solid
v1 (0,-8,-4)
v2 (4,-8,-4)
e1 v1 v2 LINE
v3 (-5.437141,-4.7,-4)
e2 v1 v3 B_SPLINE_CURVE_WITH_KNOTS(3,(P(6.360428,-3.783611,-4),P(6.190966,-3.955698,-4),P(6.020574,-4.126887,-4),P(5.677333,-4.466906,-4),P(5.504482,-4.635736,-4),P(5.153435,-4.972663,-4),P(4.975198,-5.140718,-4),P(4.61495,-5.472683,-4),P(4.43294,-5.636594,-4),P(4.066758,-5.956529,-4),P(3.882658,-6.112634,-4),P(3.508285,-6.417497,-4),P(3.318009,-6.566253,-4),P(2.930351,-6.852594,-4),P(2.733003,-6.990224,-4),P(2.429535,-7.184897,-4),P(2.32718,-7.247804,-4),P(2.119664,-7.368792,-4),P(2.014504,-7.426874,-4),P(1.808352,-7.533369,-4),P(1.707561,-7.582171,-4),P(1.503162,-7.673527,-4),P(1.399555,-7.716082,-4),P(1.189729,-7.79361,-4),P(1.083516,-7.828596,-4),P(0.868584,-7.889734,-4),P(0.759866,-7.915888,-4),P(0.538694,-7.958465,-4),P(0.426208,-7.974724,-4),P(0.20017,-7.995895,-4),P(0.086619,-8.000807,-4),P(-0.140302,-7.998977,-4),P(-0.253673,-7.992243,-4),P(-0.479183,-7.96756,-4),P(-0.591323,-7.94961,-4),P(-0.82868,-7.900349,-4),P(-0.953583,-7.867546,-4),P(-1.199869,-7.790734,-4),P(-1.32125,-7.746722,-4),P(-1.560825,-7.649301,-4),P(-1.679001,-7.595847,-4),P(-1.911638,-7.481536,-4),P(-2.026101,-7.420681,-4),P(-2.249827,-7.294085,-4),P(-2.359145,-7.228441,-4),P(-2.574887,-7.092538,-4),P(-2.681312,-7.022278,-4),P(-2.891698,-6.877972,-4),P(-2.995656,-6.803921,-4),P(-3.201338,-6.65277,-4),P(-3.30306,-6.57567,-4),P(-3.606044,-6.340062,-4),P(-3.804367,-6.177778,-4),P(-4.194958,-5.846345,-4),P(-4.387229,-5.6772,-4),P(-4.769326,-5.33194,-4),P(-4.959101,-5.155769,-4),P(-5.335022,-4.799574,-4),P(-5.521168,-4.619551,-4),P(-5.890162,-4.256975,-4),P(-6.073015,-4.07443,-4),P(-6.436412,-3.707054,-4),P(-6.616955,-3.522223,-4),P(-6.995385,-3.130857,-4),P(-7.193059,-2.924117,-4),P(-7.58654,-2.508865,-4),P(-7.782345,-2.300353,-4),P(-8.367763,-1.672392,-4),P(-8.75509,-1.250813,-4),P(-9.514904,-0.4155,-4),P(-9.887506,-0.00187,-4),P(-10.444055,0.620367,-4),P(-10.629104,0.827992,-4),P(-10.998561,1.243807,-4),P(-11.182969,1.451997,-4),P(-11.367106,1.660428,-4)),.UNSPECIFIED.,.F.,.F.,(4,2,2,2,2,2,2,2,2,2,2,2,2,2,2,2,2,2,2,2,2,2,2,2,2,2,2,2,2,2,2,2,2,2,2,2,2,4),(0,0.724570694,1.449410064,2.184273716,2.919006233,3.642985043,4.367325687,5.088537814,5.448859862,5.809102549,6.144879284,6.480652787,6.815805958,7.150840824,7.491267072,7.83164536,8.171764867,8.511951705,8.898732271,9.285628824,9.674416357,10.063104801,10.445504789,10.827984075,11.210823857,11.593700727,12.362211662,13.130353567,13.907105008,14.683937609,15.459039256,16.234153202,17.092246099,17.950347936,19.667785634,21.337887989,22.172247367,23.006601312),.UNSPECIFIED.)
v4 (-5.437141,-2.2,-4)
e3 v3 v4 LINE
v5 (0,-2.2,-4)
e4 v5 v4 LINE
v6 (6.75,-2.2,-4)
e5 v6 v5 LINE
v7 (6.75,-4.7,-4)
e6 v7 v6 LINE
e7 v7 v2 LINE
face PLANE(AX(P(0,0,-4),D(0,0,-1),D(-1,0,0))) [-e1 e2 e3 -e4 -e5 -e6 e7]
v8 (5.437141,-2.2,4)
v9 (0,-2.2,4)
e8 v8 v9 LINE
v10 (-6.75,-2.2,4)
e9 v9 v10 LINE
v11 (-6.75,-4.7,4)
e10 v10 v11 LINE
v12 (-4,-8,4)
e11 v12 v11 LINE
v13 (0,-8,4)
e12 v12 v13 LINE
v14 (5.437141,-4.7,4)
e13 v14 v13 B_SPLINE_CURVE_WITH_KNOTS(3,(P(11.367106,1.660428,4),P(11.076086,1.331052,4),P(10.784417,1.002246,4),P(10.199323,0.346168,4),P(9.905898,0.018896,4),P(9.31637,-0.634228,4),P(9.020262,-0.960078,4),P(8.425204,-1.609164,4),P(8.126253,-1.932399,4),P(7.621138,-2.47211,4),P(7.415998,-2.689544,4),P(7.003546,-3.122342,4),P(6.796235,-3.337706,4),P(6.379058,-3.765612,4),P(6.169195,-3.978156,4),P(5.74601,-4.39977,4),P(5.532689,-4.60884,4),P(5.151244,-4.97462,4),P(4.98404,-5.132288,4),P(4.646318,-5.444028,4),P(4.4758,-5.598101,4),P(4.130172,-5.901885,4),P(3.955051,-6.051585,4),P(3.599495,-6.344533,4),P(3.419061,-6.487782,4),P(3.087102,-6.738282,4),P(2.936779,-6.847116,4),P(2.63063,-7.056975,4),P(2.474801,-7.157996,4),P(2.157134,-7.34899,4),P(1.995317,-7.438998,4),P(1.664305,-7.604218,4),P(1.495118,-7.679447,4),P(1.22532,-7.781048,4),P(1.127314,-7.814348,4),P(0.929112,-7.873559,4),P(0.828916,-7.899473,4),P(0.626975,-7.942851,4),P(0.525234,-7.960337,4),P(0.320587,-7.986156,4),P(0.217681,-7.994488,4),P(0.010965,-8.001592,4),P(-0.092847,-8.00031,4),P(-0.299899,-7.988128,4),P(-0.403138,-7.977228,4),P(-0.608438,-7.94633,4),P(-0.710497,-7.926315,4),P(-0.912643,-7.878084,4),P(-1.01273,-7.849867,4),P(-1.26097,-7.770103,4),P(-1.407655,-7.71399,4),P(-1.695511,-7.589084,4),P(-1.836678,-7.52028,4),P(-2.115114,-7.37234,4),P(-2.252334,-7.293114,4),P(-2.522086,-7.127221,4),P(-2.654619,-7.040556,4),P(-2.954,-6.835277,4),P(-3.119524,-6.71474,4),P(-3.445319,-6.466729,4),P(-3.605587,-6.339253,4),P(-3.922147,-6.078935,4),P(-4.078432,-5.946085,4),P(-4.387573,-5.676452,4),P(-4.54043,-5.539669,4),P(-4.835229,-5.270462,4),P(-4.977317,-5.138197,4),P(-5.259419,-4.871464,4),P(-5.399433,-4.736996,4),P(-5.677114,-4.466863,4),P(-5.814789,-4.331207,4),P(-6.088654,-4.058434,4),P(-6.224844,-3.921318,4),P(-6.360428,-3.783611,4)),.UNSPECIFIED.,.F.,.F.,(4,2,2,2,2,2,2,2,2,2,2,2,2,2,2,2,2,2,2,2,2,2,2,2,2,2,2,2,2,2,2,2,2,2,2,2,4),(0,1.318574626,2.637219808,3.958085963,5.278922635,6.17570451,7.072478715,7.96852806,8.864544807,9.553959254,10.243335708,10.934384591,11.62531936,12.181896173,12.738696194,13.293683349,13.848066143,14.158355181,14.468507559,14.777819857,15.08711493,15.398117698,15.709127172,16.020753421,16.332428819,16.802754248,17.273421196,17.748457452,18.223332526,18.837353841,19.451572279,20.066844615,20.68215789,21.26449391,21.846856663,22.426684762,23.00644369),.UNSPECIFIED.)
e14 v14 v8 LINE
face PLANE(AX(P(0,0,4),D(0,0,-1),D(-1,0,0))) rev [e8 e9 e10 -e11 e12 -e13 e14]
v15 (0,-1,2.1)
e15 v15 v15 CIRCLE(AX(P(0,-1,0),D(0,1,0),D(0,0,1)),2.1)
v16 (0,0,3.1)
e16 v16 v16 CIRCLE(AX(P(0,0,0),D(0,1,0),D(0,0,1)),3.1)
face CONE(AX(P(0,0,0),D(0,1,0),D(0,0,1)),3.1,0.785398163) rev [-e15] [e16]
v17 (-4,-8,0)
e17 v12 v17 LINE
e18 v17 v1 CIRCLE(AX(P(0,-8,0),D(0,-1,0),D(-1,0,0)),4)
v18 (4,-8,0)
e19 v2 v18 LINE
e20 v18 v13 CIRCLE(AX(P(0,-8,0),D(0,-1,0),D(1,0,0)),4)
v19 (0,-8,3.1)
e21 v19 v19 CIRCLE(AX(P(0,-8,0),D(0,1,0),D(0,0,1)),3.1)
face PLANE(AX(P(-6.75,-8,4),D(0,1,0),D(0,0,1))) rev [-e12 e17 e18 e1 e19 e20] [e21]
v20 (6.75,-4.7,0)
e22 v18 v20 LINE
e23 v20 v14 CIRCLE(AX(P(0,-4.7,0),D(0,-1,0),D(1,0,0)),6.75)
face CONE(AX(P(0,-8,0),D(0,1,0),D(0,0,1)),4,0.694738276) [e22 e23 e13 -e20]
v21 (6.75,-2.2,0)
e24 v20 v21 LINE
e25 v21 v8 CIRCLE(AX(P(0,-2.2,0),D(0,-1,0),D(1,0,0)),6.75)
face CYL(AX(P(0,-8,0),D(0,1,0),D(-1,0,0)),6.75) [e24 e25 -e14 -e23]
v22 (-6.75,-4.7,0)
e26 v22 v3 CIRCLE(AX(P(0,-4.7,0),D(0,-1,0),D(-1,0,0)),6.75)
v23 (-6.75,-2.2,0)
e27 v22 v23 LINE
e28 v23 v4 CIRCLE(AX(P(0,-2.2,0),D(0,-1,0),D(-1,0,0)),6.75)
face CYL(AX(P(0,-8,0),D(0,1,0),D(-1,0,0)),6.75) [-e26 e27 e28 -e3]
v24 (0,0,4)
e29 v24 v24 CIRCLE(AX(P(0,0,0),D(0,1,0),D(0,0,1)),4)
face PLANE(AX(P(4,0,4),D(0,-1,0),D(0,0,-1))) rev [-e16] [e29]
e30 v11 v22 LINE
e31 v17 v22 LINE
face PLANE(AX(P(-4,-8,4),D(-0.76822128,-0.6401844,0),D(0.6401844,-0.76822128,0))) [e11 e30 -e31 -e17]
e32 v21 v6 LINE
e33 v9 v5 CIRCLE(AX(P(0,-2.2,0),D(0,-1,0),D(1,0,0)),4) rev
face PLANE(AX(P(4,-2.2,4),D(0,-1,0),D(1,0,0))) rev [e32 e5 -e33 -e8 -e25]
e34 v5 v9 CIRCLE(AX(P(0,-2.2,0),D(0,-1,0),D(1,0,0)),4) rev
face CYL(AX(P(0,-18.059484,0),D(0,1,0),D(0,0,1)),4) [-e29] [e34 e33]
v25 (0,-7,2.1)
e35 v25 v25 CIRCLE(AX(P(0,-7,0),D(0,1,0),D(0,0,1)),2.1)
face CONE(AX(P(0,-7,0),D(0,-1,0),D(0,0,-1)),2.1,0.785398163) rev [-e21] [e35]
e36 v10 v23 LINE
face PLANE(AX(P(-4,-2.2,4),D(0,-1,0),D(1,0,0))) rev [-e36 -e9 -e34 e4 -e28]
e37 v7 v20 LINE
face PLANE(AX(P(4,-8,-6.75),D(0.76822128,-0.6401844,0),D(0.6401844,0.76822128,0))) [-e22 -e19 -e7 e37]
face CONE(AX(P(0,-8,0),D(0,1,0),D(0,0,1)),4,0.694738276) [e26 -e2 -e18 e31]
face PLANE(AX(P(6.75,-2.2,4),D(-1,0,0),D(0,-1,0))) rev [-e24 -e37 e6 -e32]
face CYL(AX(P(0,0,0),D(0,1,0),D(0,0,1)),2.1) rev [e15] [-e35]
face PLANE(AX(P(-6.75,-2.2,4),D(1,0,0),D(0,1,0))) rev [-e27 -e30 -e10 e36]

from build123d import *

# Parameters (mm, degrees)
EXTRUDE_1_DEPTH     = 4
SKETCH_4_OUTSIDE_W  = 19.022
SKETCH_4_OUTSIDE_H  = 13.522
SKETCH_4_OUTSIDE_R  = 4
CUT_EXTRUDE_1_DEPTH = 2.2
CUT_EXTRUDE_2_DEPTH = 6.8


with BuildPart() as part:
    # Эскиз1 → Бобышка-Вытянуть1 (new body, symmetric)
    with BuildSketch(Plane.XY):
        Polygon((4, 0), (-4, 0), (-4, -2.2), (-6.75, -2.2), (-6.75, -8), (6.75, -8), (6.75, -2.2), (4, -2.2), align=None)
    extrude(amount=EXTRUDE_1_DEPTH, both=True)

    # Эскиз3 → Отверстие обработанное метчиком M51 (revolve, cut)
    with BuildSketch(Plane(origin=(0, 0, 0), x_dir=(0, 0, 1), z_dir=(1, 0, 0))):
        Polygon((0, 0), (0, 8), (3.1, 8), (2.1, 7), (2.1, 1), (3.1, 0), align=None)
    revolve(axis=Axis((0, 6.35, 0), (0, -1, 0)), mode=Mode.SUBTRACT)

    # Эскиз4 outside → Вырез-Вытянуть1 (cut)
    with BuildSketch(Plane(origin=(0, 0, 0), x_dir=(1, 0, 0), z_dir=(0, 1, 0))):
        Rectangle(SKETCH_4_OUTSIDE_W, SKETCH_4_OUTSIDE_H)
        with Locations(Location((0, 0, 0), (0, 0, 270))):  # turned: the seam where the file's is
            Circle(SKETCH_4_OUTSIDE_R, mode=Mode.SUBTRACT)
    extrude(amount=-CUT_EXTRUDE_1_DEPTH, mode=Mode.SUBTRACT)

    # Эскиз5 → Вырез-Вытянуть2 (cut, through all)
    with BuildSketch(Plane(origin=(0, -2.2, 0), x_dir=(1, 0, 0), z_dir=(0, 1, 0))):
        with BuildLine():
            Line((-6.75, 0), (-6.75, 4))
            Line((-6.75, 4), (-5.437140793, 4))
            ThreePointArc((-5.437140793, 4), (-6.413392252, 2.104970267), (-6.75, 0))
        make_face()
        with BuildLine():
            Line((6.75, 0), (6.75, -4))
            Line((6.75, -4), (5.437140793, -4))
            ThreePointArc((5.437140793, -4), (6.413392252, -2.104970267), (6.75, 0))
        make_face()
    extrude(amount=-CUT_EXTRUDE_2_DEPTH, mode=Mode.SUBTRACT)

    # Вырез-По траектории1: sweep along a path in Эскиз7
    with BuildLine(Plane.XZ.offset(8)) as sweep_1_path:
        Line((0, 6.75), (-6.75, 6.75))
        Line((-6.75, 6.75), (-6.75, 0))
        ThreePointArc((-6.75, 0), (-4.772970773, -4.772970773), (0, -6.75))
        Line((0, -6.75), (6.75, -6.75))
        Line((6.75, -6.75), (6.75, 0))
        ThreePointArc((6.75, 0), (4.772970773, 4.772970773), (0, 6.75))
    # Эскиз6 → Вырез-По траектории1 (sweep, cut)
    with BuildSketch(Plane.XY.offset(4)):
        Polygon((-6.75, -4.7), (-6.75, -8), (-4, -8), align=None)
    sweep(path=sweep_1_path.line, transition=Transition.RIGHT, mode=Mode.SUBTRACT)


solid = part.part
